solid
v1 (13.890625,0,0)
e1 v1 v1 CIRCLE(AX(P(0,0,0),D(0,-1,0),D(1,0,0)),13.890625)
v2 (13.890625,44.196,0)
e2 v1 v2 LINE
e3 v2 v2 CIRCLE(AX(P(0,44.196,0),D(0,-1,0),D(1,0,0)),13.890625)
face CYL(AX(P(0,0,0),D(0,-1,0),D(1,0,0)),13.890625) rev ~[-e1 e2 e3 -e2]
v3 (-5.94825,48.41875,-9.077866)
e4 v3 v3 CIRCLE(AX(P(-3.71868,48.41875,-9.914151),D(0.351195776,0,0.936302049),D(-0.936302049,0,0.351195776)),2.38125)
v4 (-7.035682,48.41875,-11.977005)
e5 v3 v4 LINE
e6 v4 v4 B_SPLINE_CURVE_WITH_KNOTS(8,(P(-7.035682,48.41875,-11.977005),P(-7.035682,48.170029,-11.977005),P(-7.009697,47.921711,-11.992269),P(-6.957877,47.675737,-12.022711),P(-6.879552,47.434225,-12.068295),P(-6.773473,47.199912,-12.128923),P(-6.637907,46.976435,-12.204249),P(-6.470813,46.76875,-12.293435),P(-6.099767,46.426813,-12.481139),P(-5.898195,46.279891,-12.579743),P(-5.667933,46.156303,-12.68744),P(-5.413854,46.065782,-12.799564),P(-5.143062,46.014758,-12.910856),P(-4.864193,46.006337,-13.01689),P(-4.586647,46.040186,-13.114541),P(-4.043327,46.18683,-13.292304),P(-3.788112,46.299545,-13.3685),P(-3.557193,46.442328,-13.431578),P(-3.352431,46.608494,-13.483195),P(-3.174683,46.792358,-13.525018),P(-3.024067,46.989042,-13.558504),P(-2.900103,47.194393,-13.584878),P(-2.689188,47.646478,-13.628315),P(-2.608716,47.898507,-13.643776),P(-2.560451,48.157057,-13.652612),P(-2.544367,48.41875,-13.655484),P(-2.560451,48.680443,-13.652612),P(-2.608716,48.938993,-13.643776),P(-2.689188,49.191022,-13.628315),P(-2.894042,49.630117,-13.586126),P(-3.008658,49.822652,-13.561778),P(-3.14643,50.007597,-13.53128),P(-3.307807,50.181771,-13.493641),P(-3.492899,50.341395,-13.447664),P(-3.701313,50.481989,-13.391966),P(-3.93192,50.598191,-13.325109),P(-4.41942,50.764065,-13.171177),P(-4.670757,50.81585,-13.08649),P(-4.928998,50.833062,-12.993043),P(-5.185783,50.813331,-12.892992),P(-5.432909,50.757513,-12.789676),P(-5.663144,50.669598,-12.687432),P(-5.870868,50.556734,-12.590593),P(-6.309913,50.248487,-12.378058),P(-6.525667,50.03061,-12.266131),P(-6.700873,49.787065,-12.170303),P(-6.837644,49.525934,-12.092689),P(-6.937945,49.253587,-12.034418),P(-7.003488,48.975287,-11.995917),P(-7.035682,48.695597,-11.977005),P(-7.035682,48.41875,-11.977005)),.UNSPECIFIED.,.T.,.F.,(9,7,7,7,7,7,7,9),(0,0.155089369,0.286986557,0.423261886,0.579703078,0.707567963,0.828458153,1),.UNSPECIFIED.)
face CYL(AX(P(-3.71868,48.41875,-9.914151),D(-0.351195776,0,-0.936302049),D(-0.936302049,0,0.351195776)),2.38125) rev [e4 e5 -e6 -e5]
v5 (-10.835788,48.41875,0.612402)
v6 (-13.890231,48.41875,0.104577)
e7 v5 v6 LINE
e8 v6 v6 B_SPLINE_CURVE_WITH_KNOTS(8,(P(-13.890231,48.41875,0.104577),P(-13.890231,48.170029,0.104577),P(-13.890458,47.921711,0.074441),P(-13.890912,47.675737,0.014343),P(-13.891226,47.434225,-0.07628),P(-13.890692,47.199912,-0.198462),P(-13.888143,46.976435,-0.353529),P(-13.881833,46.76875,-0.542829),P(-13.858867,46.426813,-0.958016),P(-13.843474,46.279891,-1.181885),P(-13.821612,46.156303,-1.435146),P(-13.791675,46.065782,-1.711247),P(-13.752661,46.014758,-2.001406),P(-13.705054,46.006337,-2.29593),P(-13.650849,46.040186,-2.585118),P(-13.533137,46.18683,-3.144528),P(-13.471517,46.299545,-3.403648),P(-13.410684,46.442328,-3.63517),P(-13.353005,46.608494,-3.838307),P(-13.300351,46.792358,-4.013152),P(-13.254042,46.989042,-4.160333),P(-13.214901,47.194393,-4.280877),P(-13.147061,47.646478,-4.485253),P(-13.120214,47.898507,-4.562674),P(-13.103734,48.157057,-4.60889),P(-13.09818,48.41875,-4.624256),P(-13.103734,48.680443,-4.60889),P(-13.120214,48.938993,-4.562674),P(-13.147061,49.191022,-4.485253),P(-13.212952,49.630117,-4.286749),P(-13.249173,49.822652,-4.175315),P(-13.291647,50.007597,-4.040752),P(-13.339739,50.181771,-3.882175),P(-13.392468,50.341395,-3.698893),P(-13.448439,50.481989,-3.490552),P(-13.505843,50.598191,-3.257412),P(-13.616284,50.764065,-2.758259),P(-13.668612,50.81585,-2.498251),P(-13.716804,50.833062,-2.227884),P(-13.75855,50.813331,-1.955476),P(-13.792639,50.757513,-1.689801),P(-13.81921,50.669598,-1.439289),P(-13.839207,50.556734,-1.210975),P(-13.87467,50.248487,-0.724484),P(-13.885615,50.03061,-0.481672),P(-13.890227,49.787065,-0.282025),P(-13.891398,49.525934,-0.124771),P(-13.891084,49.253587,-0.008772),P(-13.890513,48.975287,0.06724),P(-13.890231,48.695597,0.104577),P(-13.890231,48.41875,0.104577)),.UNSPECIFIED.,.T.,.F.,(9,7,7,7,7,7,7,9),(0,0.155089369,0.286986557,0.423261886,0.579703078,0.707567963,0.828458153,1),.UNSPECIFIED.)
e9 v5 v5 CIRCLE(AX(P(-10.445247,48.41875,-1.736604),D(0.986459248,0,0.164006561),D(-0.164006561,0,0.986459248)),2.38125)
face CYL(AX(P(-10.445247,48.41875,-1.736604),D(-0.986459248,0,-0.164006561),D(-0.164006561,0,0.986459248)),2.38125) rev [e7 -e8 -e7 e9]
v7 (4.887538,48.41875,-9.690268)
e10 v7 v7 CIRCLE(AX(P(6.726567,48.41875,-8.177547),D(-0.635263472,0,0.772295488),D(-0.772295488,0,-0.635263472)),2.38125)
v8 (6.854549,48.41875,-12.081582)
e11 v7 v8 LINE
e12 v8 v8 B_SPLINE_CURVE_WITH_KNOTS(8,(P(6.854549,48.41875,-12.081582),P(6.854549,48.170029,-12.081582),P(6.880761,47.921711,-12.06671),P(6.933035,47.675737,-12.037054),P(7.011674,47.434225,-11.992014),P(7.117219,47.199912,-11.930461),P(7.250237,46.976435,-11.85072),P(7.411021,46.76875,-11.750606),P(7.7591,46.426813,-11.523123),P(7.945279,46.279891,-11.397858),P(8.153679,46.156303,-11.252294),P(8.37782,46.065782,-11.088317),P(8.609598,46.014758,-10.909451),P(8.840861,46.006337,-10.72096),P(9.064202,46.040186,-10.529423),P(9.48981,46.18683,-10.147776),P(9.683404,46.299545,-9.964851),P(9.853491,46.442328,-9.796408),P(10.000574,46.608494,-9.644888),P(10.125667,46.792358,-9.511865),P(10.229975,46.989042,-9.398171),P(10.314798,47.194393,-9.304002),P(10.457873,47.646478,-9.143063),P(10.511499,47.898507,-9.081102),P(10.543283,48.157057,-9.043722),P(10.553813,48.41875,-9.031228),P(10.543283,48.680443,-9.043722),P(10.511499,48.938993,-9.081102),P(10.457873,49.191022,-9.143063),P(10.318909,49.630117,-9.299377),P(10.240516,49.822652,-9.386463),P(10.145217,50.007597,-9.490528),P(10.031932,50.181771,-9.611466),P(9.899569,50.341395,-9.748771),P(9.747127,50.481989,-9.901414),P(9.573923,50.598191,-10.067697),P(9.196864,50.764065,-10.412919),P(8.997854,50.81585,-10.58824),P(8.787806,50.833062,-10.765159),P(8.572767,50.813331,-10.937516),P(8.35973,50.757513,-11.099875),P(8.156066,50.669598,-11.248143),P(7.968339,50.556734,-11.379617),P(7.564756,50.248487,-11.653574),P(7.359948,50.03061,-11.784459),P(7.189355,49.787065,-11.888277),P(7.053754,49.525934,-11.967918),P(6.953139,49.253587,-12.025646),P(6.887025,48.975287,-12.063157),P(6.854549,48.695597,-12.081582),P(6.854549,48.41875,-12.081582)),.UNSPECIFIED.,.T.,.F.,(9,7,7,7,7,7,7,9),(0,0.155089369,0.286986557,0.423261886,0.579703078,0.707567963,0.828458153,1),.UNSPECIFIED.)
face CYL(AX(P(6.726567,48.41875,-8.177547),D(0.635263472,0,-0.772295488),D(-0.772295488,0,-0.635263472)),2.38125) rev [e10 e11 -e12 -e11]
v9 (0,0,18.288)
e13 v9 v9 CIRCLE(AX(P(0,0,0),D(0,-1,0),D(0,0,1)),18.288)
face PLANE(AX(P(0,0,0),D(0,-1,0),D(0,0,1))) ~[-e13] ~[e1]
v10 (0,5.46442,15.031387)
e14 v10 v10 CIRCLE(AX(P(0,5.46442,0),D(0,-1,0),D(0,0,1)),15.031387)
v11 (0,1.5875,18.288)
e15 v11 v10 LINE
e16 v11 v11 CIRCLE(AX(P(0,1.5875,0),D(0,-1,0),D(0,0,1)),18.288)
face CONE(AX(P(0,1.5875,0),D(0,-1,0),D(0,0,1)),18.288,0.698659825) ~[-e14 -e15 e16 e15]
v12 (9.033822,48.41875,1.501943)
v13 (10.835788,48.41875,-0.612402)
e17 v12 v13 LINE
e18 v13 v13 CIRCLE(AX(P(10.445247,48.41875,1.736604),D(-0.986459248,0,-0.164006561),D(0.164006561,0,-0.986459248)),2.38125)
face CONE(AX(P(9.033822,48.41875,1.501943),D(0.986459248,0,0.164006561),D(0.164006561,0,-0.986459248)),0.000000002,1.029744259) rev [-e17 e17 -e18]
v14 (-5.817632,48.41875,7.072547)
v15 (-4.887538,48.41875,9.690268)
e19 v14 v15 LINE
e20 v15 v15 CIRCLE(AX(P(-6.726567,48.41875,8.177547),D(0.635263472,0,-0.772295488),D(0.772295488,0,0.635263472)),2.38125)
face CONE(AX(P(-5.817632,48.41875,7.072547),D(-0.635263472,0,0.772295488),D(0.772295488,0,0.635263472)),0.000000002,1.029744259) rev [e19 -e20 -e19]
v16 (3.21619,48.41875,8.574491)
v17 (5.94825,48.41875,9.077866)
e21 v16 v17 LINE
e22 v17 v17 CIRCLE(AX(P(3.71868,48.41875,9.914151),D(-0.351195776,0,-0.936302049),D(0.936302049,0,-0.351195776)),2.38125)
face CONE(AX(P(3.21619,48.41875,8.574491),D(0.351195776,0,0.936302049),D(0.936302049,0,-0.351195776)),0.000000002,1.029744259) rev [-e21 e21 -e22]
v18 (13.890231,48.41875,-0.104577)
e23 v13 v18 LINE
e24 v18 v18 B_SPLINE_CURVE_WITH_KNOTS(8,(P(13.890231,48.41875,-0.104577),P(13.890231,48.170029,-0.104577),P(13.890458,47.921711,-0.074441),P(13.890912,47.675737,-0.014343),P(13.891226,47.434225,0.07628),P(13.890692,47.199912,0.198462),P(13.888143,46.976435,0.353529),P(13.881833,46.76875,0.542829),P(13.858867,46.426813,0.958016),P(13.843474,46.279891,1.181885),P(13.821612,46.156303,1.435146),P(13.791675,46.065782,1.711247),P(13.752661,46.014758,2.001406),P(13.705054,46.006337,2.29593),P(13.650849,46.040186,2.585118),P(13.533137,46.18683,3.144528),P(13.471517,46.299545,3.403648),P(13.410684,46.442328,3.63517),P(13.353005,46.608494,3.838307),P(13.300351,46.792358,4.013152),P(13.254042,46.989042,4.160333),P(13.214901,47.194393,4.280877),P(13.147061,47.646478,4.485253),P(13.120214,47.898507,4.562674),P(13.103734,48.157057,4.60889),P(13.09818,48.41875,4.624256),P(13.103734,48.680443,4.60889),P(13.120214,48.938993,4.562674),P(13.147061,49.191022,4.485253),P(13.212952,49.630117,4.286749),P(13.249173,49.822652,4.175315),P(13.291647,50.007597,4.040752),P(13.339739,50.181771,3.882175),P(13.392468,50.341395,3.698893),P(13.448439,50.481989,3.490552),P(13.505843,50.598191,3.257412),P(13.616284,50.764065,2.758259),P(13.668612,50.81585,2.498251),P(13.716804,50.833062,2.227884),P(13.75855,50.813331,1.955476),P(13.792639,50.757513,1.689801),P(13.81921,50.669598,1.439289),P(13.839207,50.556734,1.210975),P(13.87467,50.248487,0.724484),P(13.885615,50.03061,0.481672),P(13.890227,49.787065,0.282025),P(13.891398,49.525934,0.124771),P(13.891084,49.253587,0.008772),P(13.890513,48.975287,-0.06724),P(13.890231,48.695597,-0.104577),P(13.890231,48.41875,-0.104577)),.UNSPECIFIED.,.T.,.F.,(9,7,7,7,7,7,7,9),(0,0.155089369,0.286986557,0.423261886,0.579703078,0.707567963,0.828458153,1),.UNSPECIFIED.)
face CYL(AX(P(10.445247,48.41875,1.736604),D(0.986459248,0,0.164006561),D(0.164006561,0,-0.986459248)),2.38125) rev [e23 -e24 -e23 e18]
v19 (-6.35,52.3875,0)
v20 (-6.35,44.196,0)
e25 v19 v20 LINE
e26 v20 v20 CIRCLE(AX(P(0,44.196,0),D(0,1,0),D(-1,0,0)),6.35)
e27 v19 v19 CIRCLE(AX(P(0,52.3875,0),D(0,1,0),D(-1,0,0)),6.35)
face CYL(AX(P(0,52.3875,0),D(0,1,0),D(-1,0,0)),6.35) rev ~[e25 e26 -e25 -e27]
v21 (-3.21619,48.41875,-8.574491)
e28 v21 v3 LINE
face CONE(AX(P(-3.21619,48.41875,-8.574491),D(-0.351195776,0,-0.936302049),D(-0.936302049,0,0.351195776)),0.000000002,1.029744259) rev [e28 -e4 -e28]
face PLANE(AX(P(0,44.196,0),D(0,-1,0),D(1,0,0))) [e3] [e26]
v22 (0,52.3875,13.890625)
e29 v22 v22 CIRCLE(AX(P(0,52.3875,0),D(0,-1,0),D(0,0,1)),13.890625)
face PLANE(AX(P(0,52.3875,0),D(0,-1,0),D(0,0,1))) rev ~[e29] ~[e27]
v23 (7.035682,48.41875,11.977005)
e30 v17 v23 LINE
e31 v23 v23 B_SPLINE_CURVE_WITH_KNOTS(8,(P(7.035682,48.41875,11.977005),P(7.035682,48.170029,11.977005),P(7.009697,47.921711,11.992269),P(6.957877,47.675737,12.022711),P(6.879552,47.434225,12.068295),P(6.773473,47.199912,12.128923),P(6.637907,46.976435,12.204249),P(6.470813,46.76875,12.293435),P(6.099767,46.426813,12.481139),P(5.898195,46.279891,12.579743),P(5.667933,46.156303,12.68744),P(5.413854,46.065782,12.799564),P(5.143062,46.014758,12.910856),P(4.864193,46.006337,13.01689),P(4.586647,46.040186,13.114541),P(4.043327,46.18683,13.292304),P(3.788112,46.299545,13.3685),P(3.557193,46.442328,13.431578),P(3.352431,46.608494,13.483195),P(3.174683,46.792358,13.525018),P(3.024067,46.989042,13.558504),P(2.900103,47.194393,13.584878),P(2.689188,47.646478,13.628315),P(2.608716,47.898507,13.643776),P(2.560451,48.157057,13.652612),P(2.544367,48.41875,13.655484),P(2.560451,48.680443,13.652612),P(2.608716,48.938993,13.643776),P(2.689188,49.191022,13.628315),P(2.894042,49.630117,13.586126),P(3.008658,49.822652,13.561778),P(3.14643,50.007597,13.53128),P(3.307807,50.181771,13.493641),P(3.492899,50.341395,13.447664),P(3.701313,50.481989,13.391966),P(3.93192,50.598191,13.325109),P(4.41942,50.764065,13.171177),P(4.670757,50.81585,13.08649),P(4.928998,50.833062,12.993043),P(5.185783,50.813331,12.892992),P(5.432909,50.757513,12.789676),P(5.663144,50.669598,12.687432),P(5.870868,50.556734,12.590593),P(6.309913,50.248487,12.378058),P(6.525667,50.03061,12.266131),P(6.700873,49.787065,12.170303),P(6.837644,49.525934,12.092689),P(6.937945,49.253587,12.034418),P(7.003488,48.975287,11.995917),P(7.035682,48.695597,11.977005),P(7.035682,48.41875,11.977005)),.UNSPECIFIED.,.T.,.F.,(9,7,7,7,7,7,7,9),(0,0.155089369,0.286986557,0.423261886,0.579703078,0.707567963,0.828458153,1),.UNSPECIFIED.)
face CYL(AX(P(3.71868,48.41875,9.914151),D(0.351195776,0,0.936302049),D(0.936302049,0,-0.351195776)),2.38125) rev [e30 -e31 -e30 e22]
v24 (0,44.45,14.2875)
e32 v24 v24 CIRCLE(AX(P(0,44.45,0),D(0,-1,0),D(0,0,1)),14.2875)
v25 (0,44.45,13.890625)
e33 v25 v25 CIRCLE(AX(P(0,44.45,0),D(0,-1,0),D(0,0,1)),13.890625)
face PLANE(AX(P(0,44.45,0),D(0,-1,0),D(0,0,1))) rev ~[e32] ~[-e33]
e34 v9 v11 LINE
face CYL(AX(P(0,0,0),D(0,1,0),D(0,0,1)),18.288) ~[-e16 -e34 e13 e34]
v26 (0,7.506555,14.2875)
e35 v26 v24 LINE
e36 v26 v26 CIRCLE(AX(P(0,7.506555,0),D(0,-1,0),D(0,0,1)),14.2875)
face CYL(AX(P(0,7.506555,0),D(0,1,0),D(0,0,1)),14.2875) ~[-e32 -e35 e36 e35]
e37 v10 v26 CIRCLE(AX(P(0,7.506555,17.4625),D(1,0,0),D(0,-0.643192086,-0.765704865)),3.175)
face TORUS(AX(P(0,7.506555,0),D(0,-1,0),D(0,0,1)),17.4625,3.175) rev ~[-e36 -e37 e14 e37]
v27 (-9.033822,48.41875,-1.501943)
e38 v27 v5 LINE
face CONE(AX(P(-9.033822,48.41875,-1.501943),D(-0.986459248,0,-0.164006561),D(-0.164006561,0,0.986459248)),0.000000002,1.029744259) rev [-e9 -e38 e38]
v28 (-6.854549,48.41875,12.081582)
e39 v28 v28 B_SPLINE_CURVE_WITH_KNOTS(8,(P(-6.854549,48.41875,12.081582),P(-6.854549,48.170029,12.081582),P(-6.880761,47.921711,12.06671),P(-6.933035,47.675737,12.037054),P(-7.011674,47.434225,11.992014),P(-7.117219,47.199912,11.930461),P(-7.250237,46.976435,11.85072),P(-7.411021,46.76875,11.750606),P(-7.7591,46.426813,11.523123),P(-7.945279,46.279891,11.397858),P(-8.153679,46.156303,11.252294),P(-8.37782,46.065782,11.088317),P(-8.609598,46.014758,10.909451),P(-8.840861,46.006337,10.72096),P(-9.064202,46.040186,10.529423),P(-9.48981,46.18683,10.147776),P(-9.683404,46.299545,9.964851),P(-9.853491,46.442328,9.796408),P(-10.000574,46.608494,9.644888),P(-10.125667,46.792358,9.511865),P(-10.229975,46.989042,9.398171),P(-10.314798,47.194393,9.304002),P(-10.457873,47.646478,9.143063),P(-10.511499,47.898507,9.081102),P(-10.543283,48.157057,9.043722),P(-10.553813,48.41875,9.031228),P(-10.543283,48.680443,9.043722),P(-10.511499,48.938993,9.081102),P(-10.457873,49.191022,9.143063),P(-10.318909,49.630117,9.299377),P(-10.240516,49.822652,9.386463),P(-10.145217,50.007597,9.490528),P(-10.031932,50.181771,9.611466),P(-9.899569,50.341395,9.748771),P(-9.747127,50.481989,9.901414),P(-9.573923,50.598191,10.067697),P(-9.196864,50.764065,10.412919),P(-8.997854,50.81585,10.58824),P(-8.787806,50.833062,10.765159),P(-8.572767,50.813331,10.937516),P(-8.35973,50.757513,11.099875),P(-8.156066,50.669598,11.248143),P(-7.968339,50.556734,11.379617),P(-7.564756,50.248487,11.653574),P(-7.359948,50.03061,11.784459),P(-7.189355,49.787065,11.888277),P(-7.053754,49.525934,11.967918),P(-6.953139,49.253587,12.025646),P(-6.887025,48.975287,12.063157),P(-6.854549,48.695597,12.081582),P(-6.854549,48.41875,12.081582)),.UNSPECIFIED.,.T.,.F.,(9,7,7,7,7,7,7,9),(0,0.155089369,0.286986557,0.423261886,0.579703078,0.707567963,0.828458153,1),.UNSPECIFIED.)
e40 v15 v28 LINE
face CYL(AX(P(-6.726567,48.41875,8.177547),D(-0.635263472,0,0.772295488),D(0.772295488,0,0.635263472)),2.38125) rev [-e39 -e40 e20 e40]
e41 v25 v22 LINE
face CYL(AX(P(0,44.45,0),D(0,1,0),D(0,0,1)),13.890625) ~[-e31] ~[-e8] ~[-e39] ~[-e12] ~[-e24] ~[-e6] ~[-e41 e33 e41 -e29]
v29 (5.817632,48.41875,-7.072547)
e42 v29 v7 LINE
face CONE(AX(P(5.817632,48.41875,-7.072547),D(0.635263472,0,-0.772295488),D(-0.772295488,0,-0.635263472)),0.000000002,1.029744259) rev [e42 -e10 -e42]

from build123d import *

# Parameters (mm, degrees)
SKETCH2_R         = 13.890625
EXTRUDE2_DEPTH    = 44.196
CIRPATTERN1_COUNT = 6
SKETCH5_R         = 6.35
EXTRUDE3_DEPTH    = 53.3875


with BuildPart() as part:
    # Sketch1 → Revolve1 (revolve)
    with BuildSketch(Plane(origin=(0, 0, 0), x_dir=(0, 0, -1), z_dir=(1, 0, 0))):
        with BuildLine():
            Line((-18.288, 0), (-18.288, 1.5875))
            Line((-18.288, 1.5875), (-15.031387054, 5.464420173))
            ThreePointArc((-15.031387054, 5.464420173), (-14.479262782, 6.419853295), (-14.2875, 7.506555048))
            Line((-14.2875, 7.506555048), (-14.2875, 44.45))
            Line((-14.2875, 44.45), (-13.890625, 44.45))
            Line((-13.890625, 44.45), (-13.890625, 52.3875))
            Line((-13.890625, 52.3875), (0, 52.3875))
            Line((0, 52.3875), (0, 0))
            Line((0, 0), (-18.288, 0))
        make_face()
    revolve(axis=Axis((0, 52.3875, 0), (0, -1, 0)))

    # Sketch2 → Extrude2 (cut)
    with BuildSketch(Plane.XZ):
        Circle(SKETCH2_R)
    extrude(amount=-EXTRUDE2_DEPTH, mode=Mode.SUBTRACT)

    # Sketch4 → 3/16 (0.1875) Diameter Hole1 (revolve, cut)
    with BuildSketch(Plane(origin=(13.702535491, 48.41875, 2.278153639), x_dir=(0.164006561, 0, -0.986459248), z_dir=(0, 1, 0))):
        Polygon((0, 0), (0, 4.732799349), (2.38125, 3.302), (2.38125, 0), align=None)
    f_3_16_0_1875_diameter_hole1 = revolve(axis=Axis((19.966551716, 48.41875, 3.319595303), (-0.986459248, 0, -0.164006561)), mode=Mode.SUBTRACT)

    # CirPattern1: 3/16 (0.1875) Diameter Hole1 ×6 about axis
    cirpattern1_axis = Axis((0, 52.3875, 0), (0, 1, 0))
    for i in range(1, CIRPATTERN1_COUNT):
        add(f_3_16_0_1875_diameter_hole1.rotate(cirpattern1_axis, i * 360 / CIRPATTERN1_COUNT), mode=Mode.SUBTRACT)

    # Sketch5 → Extrude3 (cut, through all)
    with BuildSketch(Plane(origin=(0, 52.3875, 0), x_dir=(-1, 0, 0), z_dir=(0, 1, 0))):
        Circle(SKETCH5_R)
    extrude(amount=-EXTRUDE3_DEPTH, mode=Mode.SUBTRACT)


solid = part.part
